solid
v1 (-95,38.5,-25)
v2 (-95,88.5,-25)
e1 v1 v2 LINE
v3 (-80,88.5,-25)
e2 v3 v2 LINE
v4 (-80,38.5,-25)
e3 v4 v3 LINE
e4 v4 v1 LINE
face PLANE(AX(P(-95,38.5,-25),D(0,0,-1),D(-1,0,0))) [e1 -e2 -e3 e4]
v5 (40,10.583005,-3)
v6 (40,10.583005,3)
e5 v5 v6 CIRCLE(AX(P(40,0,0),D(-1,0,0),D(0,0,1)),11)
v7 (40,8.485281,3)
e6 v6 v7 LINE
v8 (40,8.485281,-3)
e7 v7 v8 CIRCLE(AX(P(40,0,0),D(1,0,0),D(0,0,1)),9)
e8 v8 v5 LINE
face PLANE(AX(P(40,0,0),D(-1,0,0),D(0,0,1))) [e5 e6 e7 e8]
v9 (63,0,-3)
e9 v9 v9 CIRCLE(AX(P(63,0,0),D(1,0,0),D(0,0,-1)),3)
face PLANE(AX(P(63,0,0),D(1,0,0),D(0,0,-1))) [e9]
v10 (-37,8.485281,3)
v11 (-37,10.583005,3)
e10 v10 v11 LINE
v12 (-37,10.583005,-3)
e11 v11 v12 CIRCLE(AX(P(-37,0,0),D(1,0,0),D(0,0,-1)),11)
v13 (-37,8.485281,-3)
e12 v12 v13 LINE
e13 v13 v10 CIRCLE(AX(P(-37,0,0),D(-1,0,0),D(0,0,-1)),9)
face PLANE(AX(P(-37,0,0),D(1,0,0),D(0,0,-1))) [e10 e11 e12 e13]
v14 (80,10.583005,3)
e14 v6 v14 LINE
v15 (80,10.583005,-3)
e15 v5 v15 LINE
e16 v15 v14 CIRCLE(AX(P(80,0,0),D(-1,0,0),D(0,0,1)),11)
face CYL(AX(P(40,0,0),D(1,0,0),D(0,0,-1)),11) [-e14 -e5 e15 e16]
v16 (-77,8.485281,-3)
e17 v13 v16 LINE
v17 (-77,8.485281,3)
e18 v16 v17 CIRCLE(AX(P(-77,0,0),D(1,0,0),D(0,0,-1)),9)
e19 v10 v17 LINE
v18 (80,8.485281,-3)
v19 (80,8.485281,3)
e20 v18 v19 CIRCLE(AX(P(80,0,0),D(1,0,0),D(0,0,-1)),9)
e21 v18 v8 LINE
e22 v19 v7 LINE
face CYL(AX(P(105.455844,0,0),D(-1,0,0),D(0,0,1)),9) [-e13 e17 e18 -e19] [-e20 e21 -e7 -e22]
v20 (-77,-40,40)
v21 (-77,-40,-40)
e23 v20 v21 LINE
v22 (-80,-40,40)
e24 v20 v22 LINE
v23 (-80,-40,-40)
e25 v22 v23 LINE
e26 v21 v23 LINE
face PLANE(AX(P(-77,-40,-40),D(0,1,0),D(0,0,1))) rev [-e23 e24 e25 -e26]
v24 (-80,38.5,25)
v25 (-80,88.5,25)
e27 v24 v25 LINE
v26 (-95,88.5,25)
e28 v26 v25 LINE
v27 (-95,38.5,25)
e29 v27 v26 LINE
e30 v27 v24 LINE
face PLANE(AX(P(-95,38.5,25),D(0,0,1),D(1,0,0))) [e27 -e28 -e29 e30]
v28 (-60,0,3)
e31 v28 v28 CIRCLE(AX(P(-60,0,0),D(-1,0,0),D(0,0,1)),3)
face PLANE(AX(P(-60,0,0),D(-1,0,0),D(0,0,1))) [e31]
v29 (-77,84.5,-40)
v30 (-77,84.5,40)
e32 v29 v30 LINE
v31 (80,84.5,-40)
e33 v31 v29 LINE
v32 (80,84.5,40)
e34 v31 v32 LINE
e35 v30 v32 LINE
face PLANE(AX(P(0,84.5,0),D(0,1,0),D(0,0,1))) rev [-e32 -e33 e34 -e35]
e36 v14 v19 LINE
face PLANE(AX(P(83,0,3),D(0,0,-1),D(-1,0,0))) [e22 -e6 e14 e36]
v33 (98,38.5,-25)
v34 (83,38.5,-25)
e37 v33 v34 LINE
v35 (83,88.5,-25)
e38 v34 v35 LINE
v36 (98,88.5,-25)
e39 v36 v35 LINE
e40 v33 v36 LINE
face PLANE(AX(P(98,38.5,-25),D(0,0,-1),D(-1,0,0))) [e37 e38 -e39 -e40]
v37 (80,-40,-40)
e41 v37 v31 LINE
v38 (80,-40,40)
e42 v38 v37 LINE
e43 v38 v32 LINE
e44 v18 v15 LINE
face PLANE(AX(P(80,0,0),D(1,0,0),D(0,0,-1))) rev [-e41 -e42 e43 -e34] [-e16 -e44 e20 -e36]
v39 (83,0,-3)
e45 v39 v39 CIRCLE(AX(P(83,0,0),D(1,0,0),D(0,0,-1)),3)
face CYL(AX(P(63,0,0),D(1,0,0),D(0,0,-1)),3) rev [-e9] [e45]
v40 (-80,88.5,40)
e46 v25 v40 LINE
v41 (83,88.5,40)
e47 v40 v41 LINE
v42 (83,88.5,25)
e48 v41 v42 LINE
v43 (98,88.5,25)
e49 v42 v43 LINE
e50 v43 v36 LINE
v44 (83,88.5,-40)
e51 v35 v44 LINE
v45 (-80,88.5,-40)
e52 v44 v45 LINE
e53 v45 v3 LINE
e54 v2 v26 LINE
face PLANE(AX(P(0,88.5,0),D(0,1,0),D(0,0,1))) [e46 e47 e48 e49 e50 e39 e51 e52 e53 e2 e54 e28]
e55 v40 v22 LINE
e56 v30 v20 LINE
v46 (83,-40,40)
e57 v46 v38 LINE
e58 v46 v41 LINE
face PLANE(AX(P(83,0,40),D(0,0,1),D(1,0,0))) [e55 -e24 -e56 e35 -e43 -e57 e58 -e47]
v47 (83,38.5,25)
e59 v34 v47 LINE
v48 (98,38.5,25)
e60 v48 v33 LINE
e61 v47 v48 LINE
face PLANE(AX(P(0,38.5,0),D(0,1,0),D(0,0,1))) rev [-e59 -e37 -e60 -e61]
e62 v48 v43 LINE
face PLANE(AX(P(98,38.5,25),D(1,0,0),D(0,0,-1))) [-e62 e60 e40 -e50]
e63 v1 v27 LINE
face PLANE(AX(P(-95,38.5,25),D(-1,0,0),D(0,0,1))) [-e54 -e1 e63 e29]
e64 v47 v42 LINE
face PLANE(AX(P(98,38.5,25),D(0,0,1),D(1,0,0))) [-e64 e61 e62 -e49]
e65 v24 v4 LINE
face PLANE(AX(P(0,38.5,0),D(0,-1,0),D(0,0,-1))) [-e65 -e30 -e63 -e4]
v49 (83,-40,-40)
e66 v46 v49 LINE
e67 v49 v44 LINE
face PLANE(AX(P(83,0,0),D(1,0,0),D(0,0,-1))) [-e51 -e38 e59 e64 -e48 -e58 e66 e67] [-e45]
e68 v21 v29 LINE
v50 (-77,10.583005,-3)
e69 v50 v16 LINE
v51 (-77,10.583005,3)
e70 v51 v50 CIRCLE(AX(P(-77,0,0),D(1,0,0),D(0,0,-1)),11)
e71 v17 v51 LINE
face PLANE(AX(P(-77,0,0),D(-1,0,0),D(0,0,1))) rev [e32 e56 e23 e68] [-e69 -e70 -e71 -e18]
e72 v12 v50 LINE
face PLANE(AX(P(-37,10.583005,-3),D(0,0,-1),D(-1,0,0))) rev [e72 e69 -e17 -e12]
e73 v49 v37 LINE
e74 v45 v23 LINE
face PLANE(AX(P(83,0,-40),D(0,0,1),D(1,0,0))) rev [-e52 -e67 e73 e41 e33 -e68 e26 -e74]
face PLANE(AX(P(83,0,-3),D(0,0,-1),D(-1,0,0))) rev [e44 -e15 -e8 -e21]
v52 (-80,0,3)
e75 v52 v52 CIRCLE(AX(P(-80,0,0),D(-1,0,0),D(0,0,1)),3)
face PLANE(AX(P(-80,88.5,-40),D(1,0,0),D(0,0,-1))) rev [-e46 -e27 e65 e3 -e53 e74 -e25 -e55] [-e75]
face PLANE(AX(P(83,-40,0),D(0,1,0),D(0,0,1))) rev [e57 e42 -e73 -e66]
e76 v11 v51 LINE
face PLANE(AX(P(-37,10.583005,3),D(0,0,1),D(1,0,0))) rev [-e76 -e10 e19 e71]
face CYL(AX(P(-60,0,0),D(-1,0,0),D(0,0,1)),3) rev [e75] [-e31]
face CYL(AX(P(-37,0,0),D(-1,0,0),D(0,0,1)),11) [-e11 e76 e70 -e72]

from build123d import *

# Parameters (mm, degrees)
SALIENTE_EXTRUIR1_START = 80
SALIENTE_EXTRUIR1_DEPTH = 3
SALIENTE_EXTRUIR2_START = 40
SALIENTE_EXTRUIR2_DEPTH = 40
SALIENTE_EXTRUIR3_START = -80
CROQUIS3_W              = 80
CROQUIS3_H              = 128.485281374
SALIENTE_EXTRUIR3_DEPTH = 3
SALIENTE_EXTRUIR4_DEPTH = 40
SALIENTE_EXTRUIR5_START = 84.5
CROQUIS5_W              = 163
CROQUIS5_H              = 80
SALIENTE_EXTRUIR5_DEPTH = 4
SALIENTE_EXTRUIR6_START = -3
SALIENTE_EXTRUIR6_DEPTH = 3
SALIENTE_EXTRUIR7_START = 88.5
CROQUIS7_W              = 15
CROQUIS7_H              = 50
SALIENTE_EXTRUIR7_DEPTH = 50
CROQUIS8_R              = 9
SALIENTE_EXTRUIR8_DEPTH = 157
CROQUIS10_R             = 3
CORTAR_EXTRUIR1_DEPTH   = 20
CORTAR_EXTRUIR2_START   = -20
CROQUIS11_R             = 3
CORTAR_EXTRUIR2_DEPTH   = 20


with BuildPart() as part:
    # Croquis1 → Saliente-Extruir1 (new body)
    with BuildSketch(Plane(origin=(0, 0, 0), x_dir=(0, 0, -1), z_dir=(1, 0, 0)).offset(SALIENTE_EXTRUIR1_START)):
        Polygon((-40, 8.485281374), (-40, -40), (40, -40), (40, 8.485281374), (40, 40), (40, 88.485281374), (-40, 88.485281374), (-40, 40), align=None)
        with BuildLine():
            Line((-3, 12), (0, 12))
            Line((0, 12), (3, 12))
            Line((3, 12), (3, 8.485281374))
            ThreePointArc((3, 8.485281374), (0, -9), (-3, 8.485281374))
            Line((-3, 8.485281374), (-3, 12))
        make_face(mode=Mode.SUBTRACT)
    extrude(amount=SALIENTE_EXTRUIR1_DEPTH)

    # Croquis2 → Saliente-Extruir2 (add)
    with BuildSketch(Plane.ZY.offset(-80).offset(SALIENTE_EXTRUIR2_START)):
        with BuildLine():
            Line((3, 8.485281374), (3, 10.583005244))
            ThreePointArc((3, 10.583005244), (0, -11), (-3, 10.583005244))
            Line((-3, 10.583005244), (-3, 8.485281374))
            ThreePointArc((-3, 8.485281374), (0, -9), (3, 8.485281374))
        make_face()
    extrude(amount=-SALIENTE_EXTRUIR2_DEPTH)



with BuildPart() as body_2:
    # Croquis3 → Saliente-Extruir3 (new body)
    with BuildSketch(Plane(origin=(0, 0, 0), x_dir=(0, 0, -1), z_dir=(1, 0, 0)).offset(SALIENTE_EXTRUIR3_START)):
        with Locations((0, 24.242640687)):
            Rectangle(CROQUIS3_W, CROQUIS3_H)
    extrude(amount=SALIENTE_EXTRUIR3_DEPTH)

    # Croquis4 → Saliente-Extruir4 (add)
    with BuildSketch(Plane(origin=(-77, 0, 0), x_dir=(0, 0, -1), z_dir=(1, 0, 0))):
        with BuildLine():
            Line((-3, 10.583005244), (-3, 8.485281374))
            ThreePointArc((-3, 8.485281374), (0, -9), (3, 8.485281374))
            Line((3, 8.485281374), (3, 10.583005244))
            ThreePointArc((3, 10.583005244), (0, -11), (-3, 10.583005244))
        make_face()
    extrude(amount=SALIENTE_EXTRUIR4_DEPTH)


with BuildPart() as part_1:
    add(part.part)

    add(body_2.part)  # Saliente-Extruir5 merges body 2
    # Croquis5 → Saliente-Extruir5 (add)
    with BuildSketch(Plane(origin=(0, 0, 0), x_dir=(1, 0, 0), z_dir=(0, 1, 0)).offset(SALIENTE_EXTRUIR5_START)):
        with Locations((1.5, 0)):
            Rectangle(CROQUIS5_W, CROQUIS5_H)
    extrude(amount=SALIENTE_EXTRUIR5_DEPTH)

    # Croquis6 → Saliente-Extruir6 (add)
    with BuildSketch(Plane(origin=(83, 0, 0), x_dir=(0, 0, -1), z_dir=(1, 0, 0)).offset(SALIENTE_EXTRUIR6_START)):
        with BuildLine():
            Line((3, 12), (3, 8.485281374))
            ThreePointArc((3, 8.485281374), (0, -9), (-3, 8.485281374))
            Line((-3, 8.485281374), (-3, 12))
            Line((-3, 12), (3, 12))
        make_face()
    extrude(amount=SALIENTE_EXTRUIR6_DEPTH)

    # Croquis7 → Saliente-Extruir7 (add)
    with BuildSketch(Plane(origin=(0, 0, 0), x_dir=(1, 0, 0), z_dir=(0, 1, 0)).offset(SALIENTE_EXTRUIR7_START)):
        with Locations((-87.5, 0)):
            Rectangle(CROQUIS7_W, CROQUIS7_H)
        with Locations((90.5, 0)):
            Rectangle(CROQUIS7_W, CROQUIS7_H)
    extrude(amount=-SALIENTE_EXTRUIR7_DEPTH)

    # Croquis8 → Saliente-Extruir8 (add)
    with BuildSketch(Plane(origin=(-77, 0, 0), x_dir=(0, 0, -1), z_dir=(1, 0, 0))):
        with Locations(Location((0, 0, 0), (0, 0, 109.471220634))):
            Circle(CROQUIS8_R)
    extrude(amount=SALIENTE_EXTRUIR8_DEPTH)

    # Croquis10 → Cortar-Extruir1 (cut)
    with BuildSketch(Plane.ZY.offset(80)):
        Circle(CROQUIS10_R)
    extrude(amount=-CORTAR_EXTRUIR1_DEPTH, mode=Mode.SUBTRACT)

    # Croquis11 → Cortar-Extruir2 (cut)
    with BuildSketch(Plane(origin=(83, 0, 0), x_dir=(0, 0, -1), z_dir=(1, 0, 0)).offset(CORTAR_EXTRUIR2_START)):
        with Locations(Location((0, 0, 0), (0, 0, 180))):
            Circle(CROQUIS11_R)
    extrude(amount=CORTAR_EXTRUIR2_DEPTH, mode=Mode.SUBTRACT)


solid = part_1.part
